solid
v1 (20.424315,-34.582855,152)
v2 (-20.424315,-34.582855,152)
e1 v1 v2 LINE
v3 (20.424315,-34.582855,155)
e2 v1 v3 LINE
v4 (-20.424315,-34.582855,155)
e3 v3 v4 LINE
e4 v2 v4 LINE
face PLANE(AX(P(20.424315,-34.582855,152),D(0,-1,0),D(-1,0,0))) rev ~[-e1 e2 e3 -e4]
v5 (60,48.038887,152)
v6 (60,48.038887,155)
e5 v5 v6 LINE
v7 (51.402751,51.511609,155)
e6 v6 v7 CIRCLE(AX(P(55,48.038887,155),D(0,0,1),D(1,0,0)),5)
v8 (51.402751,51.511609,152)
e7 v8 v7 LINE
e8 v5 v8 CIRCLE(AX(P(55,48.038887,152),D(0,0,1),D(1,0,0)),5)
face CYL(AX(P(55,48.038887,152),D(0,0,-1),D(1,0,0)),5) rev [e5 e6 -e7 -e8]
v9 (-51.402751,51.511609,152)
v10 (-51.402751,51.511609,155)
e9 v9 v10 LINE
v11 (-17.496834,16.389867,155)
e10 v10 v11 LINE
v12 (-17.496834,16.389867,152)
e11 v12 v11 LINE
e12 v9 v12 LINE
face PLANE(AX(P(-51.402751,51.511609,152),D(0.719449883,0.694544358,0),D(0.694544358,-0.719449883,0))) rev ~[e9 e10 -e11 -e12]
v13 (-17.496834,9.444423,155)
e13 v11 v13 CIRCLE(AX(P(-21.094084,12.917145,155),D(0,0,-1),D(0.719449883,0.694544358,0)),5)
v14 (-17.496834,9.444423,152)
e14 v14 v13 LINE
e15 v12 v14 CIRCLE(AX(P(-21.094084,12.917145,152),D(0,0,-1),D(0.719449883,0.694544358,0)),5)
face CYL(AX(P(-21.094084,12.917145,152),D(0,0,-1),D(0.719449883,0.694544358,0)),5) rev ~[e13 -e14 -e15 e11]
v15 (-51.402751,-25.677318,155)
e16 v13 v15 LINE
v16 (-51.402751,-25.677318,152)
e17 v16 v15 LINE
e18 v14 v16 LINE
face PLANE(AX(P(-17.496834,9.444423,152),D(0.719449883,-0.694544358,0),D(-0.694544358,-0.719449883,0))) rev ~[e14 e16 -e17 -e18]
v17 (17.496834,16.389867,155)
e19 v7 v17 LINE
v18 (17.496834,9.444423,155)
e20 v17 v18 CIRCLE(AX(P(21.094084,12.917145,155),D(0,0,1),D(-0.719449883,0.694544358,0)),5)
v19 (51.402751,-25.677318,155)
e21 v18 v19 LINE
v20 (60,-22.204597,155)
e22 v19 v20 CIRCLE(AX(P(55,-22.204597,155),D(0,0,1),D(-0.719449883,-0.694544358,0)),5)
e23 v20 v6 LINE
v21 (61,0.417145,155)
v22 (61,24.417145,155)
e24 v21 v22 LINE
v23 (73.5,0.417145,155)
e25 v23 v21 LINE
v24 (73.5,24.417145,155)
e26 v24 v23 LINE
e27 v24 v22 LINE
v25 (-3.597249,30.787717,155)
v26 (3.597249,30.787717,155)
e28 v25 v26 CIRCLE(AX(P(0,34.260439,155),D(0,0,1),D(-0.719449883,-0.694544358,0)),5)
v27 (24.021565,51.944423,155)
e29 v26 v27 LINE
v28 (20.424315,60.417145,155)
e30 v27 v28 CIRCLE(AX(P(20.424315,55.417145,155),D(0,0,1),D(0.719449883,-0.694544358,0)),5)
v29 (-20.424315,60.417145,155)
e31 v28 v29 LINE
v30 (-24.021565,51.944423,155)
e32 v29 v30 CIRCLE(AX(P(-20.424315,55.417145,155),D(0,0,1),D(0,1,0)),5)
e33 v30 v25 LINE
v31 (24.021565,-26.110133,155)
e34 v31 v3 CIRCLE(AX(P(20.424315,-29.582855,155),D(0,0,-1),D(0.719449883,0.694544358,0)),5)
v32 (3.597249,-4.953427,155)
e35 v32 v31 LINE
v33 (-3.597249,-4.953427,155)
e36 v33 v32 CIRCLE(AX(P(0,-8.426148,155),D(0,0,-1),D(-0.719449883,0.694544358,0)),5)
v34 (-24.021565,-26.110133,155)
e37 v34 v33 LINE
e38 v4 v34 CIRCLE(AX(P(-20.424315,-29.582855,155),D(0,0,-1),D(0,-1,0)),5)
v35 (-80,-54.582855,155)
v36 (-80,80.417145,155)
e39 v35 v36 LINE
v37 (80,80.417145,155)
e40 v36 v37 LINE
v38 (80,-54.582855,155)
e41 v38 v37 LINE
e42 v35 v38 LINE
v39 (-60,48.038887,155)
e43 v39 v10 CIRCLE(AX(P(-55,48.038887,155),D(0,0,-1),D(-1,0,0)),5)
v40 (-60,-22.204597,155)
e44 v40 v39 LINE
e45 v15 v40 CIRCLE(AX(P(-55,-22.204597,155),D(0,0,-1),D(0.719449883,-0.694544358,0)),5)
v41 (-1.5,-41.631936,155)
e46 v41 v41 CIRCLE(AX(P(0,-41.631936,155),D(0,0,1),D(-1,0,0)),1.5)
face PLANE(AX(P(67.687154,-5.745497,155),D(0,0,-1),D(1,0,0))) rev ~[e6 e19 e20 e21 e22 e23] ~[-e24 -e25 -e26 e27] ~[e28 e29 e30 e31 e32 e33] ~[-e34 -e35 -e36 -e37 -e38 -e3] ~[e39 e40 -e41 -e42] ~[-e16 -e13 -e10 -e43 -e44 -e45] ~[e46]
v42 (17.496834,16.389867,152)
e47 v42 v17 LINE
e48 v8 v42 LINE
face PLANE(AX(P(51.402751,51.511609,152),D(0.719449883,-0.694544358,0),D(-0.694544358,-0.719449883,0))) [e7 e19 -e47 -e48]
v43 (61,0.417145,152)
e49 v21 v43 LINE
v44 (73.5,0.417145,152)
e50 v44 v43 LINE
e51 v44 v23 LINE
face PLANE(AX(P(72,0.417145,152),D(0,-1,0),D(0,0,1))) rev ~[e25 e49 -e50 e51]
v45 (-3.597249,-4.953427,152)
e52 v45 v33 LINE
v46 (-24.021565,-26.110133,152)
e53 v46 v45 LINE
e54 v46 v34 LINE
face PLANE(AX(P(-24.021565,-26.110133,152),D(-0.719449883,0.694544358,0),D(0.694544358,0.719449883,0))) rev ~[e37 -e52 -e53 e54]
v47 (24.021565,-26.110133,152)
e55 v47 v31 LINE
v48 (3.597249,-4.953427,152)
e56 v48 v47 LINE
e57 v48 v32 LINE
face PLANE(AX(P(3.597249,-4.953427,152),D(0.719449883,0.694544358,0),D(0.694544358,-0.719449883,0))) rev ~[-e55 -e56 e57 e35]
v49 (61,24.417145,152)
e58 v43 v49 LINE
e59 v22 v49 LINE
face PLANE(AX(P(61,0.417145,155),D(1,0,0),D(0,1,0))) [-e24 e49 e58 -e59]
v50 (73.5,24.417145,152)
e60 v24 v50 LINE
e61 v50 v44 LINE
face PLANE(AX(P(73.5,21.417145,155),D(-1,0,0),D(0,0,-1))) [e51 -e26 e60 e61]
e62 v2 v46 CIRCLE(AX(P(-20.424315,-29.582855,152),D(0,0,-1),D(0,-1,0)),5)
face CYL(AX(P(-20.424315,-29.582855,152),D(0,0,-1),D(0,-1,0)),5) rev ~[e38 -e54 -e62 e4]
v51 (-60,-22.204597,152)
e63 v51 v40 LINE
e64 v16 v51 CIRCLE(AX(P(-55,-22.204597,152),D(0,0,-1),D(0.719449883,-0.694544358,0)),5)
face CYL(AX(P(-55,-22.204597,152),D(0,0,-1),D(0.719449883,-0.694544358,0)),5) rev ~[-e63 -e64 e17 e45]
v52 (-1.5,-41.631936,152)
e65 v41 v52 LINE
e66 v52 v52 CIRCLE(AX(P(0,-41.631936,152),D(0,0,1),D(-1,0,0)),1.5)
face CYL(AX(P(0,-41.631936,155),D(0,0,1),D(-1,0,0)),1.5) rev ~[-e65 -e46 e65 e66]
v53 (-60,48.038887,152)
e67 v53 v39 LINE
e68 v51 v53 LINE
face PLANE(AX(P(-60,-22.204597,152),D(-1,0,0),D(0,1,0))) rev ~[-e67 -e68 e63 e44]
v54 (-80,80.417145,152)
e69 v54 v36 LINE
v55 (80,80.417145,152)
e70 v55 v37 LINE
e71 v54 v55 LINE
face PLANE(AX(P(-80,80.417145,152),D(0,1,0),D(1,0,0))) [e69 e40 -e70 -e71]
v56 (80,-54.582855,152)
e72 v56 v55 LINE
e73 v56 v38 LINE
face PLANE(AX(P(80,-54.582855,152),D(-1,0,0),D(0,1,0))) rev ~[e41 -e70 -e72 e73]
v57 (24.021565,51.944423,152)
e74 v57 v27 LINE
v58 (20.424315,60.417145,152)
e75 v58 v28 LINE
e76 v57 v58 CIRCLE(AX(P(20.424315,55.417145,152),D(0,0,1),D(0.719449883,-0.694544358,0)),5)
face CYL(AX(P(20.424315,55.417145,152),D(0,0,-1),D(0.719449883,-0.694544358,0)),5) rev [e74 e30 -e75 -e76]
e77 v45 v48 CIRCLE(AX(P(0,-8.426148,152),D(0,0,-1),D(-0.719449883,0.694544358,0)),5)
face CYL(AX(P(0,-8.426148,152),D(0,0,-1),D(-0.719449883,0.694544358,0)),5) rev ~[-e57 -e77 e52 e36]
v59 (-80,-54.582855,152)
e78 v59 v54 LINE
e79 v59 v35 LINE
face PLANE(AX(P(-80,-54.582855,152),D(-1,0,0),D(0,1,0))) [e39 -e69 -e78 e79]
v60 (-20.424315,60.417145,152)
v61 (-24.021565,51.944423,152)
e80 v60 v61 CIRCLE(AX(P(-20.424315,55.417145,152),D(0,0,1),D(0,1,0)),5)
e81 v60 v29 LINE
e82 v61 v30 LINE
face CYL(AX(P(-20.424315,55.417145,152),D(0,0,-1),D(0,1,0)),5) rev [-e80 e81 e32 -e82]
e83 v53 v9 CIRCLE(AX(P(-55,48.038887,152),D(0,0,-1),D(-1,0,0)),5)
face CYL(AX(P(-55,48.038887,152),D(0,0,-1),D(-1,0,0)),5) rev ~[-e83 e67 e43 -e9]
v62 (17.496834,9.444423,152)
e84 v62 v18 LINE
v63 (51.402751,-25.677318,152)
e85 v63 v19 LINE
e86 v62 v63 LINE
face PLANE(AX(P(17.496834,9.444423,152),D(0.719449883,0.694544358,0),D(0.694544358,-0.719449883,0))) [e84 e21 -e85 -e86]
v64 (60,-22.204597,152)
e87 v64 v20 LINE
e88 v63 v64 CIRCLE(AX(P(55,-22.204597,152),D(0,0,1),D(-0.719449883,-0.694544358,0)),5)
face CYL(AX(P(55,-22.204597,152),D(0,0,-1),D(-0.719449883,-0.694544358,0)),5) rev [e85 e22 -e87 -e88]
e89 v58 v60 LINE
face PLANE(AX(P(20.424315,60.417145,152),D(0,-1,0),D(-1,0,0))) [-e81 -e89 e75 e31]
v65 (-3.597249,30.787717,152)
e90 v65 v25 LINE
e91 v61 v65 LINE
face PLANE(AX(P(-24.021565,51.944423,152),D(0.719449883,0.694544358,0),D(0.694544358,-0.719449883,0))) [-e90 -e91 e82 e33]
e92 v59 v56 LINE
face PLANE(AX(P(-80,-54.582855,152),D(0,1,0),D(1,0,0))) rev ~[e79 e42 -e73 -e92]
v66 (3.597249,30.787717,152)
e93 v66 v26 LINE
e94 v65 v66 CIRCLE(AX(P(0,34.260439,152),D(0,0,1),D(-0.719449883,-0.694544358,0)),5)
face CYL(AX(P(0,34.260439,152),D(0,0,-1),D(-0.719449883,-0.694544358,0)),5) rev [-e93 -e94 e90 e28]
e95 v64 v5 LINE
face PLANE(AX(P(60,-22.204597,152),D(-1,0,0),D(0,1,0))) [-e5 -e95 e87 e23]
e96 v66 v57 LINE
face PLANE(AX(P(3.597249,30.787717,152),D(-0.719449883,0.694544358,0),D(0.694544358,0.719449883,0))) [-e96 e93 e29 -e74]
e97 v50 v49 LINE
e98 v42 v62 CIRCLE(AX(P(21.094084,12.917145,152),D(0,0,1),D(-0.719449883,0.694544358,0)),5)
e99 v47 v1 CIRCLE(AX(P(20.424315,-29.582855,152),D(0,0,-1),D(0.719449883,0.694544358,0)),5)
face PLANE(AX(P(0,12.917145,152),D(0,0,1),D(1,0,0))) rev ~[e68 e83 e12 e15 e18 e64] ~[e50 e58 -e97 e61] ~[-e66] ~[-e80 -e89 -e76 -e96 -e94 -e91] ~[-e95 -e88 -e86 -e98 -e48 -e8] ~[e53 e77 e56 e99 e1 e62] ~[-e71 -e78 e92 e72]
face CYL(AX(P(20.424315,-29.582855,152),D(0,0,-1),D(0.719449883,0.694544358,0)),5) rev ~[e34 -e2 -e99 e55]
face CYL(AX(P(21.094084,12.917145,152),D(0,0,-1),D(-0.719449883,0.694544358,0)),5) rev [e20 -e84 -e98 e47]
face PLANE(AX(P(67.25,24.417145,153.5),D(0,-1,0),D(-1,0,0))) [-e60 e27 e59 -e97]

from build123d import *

# Parameters (mm, degrees)
SKETCH1_W           = 160
SKETCH1_H           = 135
BOSS_EXTRUDE1_DEPTH = 3
CUT_EXTRUDE1_DEPTH  = 20
SKETCH3_W           = 10
SKETCH3_H           = 20.2
CUT_EXTRUDE2_DEPTH  = 10
SKETCH5_W           = 10
SKETCH5_H           = 3
BOSS_EXTRUDE2_DEPTH = 30
SKETCH6_W           = 10
SKETCH6_H           = 20.15
CUT_EXTRUDE3_DEPTH  = 30
SKETCH7_W           = 10
SKETCH7_H           = 3
BOSS_EXTRUDE3_DEPTH = 30
SKETCH8_W           = 11.5
SKETCH8_H           = 21.5
CUT_EXTRUDE4_DEPTH  = 10
SKETCH9_W           = 11.5
SKETCH9_H           = 3
BOSS_EXTRUDE5_DEPTH = 30
SKETCH10_W          = 11
SKETCH10_H          = 21
CUT_EXTRUDE5_DEPTH  = 30
SKETCH11_W          = 3
SKETCH11_H          = 21
CUT_EXTRUDE6_DEPTH  = 1.5
SKETCH12_W          = 12.5
SKETCH12_H          = 3
CUT_EXTRUDE7_DEPTH  = 3


with BuildPart() as part:
    # Sketch1 → Boss-Extrude1 (new body)
    with BuildSketch(Plane.XY.offset(152)):
        with Locations((0, 12.91714511)):
            Rectangle(SKETCH1_W, SKETCH1_H)
        with BuildLine():
            Line((-60, -22.204596664), (-60, 48.038886885))
            ThreePointArc((-60, 48.038886885), (-56.872665603, 52.674954566), (-51.402750584, 51.511608676))
            Line((-51.402750584, 51.511608676), (-17.49683417, 16.389866902))
            ThreePointArc((-17.49683417, 16.389866902), (-16.094083586, 12.91714511), (-17.49683417, 9.444423319))
            Line((-17.49683417, 9.444423319), (-51.402750584, -25.677318456))
            ThreePointArc((-51.402750584, -25.677318456), (-56.872665603, -26.840664345), (-60, -22.204596664))
        make_face(mode=Mode.SUBTRACT)
        with BuildLine():
            Line((20.424315219, 60.41714511), (-20.424315219, 60.41714511))
            ThreePointArc((-20.424315219, 60.41714511), (-25.026684661, 57.371165459), (-24.021564635, 51.944423319))
            Line((-24.021564635, 51.944423319), (-3.597249416, 30.787716735))
            ThreePointArc((-3.597249416, 30.787716735), (0, 29.260438526), (3.597249416, 30.787716735))
            Line((3.597249416, 30.787716735), (24.021564635, 51.944423319))
            ThreePointArc((24.021564635, 51.944423319), (25.026684661, 57.371165459), (20.424315219, 60.41714511))
        make_face(mode=Mode.SUBTRACT)
        with BuildLine():
            Line((51.402750584, 51.511608676), (17.49683417, 16.389866902))
            ThreePointArc((17.49683417, 16.389866902), (16.094083586, 12.91714511), (17.49683417, 9.444423319))
            Line((17.49683417, 9.444423319), (51.402750584, -25.677318456))
            ThreePointArc((51.402750584, -25.677318456), (56.872665603, -26.840664345), (60, -22.204596664))
            Line((60, -22.204596664), (60, 48.038886885))
            ThreePointArc((60, 48.038886885), (56.872665603, 52.674954566), (51.402750584, 51.511608676))
        make_face(mode=Mode.SUBTRACT)
        with BuildLine():
            Line((-24.021564635, -26.110133098), (-3.597249416, -4.953426514))
            ThreePointArc((-3.597249416, -4.953426514), (0, -3.426148305), (3.597249416, -4.953426514))
            Line((3.597249416, -4.953426514), (24.021564635, -26.110133098))
            ThreePointArc((24.021564635, -26.110133098), (25.026684661, -31.536875238), (20.424315219, -34.58285489))
            Line((20.424315219, -34.58285489), (-20.424315219, -34.58285489))
            ThreePointArc((-20.424315219, -34.58285489), (-25.026684661, -31.536875238), (-24.021564635, -26.110133098))
        make_face(mode=Mode.SUBTRACT)
    extrude(amount=BOSS_EXTRUDE1_DEPTH)

    # Sketch2 → Cut-Extrude1 (cut)
    with BuildSketch(Plane.XY.offset(155)):
        with BuildLine():
            ThreePointArc((1.5, -41.631936217), (0, -40.131936217), (-1.5, -41.631936217))
            Line((-1.5, -41.631936217), (1.5, -41.631936217))
        make_face()
        with BuildLine():
            Line((1.5, -41.631936217), (-1.5, -41.631936217))
            ThreePointArc((-1.5, -41.631936217), (0, -43.131936217), (1.5, -41.631936217))
        make_face()
    extrude(amount=-CUT_EXTRUDE1_DEPTH, mode=Mode.SUBTRACT)

    # Sketch3 → Cut-Extrude2 (cut)
    with BuildSketch(Plane(origin=(80, -54.58285489, 155), x_dir=(-1, 0, 0), z_dir=(0, 0, -1))):
        with Locations((13, 65)):
            Rectangle(SKETCH3_W, SKETCH3_H)
    extrude(amount=CUT_EXTRUDE2_DEPTH, mode=Mode.SUBTRACT)

    # Sketch5 → Boss-Extrude2 (add)
    with BuildSketch(Plane(origin=(0, 0.31714511, 0), x_dir=(1, 0, 0), z_dir=(0, 1, 0))):
        with Locations((67, -153.5)):
            Rectangle(SKETCH5_W, SKETCH5_H)
    extrude(amount=BOSS_EXTRUDE2_DEPTH)

    # Sketch6 → Cut-Extrude3 (cut)
    with BuildSketch(Plane.XY.offset(155)):
        with Locations((67, 14.39214511)):
            Rectangle(SKETCH6_W, SKETCH6_H)
    extrude(amount=-CUT_EXTRUDE3_DEPTH, mode=Mode.SUBTRACT)

    # Sketch7 → Boss-Extrude3 (add)
    with BuildSketch(Plane(origin=(0, 4.31714511, 0), x_dir=(1, 0, 0), z_dir=(0, 1, 0))):
        with Locations((67, -153.5)):
            Rectangle(SKETCH7_W, SKETCH7_H)
    extrude(amount=BOSS_EXTRUDE3_DEPTH)

    # Sketch8 → Cut-Extrude4 (cut)
    with BuildSketch(Plane.XY.offset(155)):
        with Locations((73.437153805, 5.004502564)):
            Rectangle(SKETCH8_W, SKETCH8_H)
    extrude(amount=-CUT_EXTRUDE4_DEPTH, mode=Mode.SUBTRACT)

    # Sketch9 → Boss-Extrude5 (add)
    with BuildSketch(Plane(origin=(0, -5.745497436, 0), x_dir=(1, 0, 0), z_dir=(0, 1, 0))):
        with Locations((73.437153805, -153.5)):
            Rectangle(SKETCH9_W, SKETCH9_H)
    extrude(amount=BOSS_EXTRUDE5_DEPTH)

    # Sketch10 → Cut-Extrude5 (cut)
    with BuildSketch(Plane.XY.offset(155)):
        with Locations((66.5, 10.91714511)):
            Rectangle(SKETCH10_W, SKETCH10_H)
    extrude(amount=-CUT_EXTRUDE5_DEPTH, mode=Mode.SUBTRACT)

    # Sketch11 → Cut-Extrude6 (cut)
    with BuildSketch(Plane.ZY.offset(-72)):
        with Locations((153.5, 10.91714511)):
            Rectangle(SKETCH11_W, SKETCH11_H)
    extrude(amount=-CUT_EXTRUDE6_DEPTH, mode=Mode.SUBTRACT)

    # Sketch12 → Cut-Extrude7 (cut)
    with BuildSketch(Plane(origin=(0, 21.41714511, 0), x_dir=(-1, 0, 0), z_dir=(0, -1, 0))):
        with Locations((-67.25, -153.5)):
            Rectangle(SKETCH12_W, SKETCH12_H)
    extrude(amount=-CUT_EXTRUDE7_DEPTH, mode=Mode.SUBTRACT)


solid = part.part
